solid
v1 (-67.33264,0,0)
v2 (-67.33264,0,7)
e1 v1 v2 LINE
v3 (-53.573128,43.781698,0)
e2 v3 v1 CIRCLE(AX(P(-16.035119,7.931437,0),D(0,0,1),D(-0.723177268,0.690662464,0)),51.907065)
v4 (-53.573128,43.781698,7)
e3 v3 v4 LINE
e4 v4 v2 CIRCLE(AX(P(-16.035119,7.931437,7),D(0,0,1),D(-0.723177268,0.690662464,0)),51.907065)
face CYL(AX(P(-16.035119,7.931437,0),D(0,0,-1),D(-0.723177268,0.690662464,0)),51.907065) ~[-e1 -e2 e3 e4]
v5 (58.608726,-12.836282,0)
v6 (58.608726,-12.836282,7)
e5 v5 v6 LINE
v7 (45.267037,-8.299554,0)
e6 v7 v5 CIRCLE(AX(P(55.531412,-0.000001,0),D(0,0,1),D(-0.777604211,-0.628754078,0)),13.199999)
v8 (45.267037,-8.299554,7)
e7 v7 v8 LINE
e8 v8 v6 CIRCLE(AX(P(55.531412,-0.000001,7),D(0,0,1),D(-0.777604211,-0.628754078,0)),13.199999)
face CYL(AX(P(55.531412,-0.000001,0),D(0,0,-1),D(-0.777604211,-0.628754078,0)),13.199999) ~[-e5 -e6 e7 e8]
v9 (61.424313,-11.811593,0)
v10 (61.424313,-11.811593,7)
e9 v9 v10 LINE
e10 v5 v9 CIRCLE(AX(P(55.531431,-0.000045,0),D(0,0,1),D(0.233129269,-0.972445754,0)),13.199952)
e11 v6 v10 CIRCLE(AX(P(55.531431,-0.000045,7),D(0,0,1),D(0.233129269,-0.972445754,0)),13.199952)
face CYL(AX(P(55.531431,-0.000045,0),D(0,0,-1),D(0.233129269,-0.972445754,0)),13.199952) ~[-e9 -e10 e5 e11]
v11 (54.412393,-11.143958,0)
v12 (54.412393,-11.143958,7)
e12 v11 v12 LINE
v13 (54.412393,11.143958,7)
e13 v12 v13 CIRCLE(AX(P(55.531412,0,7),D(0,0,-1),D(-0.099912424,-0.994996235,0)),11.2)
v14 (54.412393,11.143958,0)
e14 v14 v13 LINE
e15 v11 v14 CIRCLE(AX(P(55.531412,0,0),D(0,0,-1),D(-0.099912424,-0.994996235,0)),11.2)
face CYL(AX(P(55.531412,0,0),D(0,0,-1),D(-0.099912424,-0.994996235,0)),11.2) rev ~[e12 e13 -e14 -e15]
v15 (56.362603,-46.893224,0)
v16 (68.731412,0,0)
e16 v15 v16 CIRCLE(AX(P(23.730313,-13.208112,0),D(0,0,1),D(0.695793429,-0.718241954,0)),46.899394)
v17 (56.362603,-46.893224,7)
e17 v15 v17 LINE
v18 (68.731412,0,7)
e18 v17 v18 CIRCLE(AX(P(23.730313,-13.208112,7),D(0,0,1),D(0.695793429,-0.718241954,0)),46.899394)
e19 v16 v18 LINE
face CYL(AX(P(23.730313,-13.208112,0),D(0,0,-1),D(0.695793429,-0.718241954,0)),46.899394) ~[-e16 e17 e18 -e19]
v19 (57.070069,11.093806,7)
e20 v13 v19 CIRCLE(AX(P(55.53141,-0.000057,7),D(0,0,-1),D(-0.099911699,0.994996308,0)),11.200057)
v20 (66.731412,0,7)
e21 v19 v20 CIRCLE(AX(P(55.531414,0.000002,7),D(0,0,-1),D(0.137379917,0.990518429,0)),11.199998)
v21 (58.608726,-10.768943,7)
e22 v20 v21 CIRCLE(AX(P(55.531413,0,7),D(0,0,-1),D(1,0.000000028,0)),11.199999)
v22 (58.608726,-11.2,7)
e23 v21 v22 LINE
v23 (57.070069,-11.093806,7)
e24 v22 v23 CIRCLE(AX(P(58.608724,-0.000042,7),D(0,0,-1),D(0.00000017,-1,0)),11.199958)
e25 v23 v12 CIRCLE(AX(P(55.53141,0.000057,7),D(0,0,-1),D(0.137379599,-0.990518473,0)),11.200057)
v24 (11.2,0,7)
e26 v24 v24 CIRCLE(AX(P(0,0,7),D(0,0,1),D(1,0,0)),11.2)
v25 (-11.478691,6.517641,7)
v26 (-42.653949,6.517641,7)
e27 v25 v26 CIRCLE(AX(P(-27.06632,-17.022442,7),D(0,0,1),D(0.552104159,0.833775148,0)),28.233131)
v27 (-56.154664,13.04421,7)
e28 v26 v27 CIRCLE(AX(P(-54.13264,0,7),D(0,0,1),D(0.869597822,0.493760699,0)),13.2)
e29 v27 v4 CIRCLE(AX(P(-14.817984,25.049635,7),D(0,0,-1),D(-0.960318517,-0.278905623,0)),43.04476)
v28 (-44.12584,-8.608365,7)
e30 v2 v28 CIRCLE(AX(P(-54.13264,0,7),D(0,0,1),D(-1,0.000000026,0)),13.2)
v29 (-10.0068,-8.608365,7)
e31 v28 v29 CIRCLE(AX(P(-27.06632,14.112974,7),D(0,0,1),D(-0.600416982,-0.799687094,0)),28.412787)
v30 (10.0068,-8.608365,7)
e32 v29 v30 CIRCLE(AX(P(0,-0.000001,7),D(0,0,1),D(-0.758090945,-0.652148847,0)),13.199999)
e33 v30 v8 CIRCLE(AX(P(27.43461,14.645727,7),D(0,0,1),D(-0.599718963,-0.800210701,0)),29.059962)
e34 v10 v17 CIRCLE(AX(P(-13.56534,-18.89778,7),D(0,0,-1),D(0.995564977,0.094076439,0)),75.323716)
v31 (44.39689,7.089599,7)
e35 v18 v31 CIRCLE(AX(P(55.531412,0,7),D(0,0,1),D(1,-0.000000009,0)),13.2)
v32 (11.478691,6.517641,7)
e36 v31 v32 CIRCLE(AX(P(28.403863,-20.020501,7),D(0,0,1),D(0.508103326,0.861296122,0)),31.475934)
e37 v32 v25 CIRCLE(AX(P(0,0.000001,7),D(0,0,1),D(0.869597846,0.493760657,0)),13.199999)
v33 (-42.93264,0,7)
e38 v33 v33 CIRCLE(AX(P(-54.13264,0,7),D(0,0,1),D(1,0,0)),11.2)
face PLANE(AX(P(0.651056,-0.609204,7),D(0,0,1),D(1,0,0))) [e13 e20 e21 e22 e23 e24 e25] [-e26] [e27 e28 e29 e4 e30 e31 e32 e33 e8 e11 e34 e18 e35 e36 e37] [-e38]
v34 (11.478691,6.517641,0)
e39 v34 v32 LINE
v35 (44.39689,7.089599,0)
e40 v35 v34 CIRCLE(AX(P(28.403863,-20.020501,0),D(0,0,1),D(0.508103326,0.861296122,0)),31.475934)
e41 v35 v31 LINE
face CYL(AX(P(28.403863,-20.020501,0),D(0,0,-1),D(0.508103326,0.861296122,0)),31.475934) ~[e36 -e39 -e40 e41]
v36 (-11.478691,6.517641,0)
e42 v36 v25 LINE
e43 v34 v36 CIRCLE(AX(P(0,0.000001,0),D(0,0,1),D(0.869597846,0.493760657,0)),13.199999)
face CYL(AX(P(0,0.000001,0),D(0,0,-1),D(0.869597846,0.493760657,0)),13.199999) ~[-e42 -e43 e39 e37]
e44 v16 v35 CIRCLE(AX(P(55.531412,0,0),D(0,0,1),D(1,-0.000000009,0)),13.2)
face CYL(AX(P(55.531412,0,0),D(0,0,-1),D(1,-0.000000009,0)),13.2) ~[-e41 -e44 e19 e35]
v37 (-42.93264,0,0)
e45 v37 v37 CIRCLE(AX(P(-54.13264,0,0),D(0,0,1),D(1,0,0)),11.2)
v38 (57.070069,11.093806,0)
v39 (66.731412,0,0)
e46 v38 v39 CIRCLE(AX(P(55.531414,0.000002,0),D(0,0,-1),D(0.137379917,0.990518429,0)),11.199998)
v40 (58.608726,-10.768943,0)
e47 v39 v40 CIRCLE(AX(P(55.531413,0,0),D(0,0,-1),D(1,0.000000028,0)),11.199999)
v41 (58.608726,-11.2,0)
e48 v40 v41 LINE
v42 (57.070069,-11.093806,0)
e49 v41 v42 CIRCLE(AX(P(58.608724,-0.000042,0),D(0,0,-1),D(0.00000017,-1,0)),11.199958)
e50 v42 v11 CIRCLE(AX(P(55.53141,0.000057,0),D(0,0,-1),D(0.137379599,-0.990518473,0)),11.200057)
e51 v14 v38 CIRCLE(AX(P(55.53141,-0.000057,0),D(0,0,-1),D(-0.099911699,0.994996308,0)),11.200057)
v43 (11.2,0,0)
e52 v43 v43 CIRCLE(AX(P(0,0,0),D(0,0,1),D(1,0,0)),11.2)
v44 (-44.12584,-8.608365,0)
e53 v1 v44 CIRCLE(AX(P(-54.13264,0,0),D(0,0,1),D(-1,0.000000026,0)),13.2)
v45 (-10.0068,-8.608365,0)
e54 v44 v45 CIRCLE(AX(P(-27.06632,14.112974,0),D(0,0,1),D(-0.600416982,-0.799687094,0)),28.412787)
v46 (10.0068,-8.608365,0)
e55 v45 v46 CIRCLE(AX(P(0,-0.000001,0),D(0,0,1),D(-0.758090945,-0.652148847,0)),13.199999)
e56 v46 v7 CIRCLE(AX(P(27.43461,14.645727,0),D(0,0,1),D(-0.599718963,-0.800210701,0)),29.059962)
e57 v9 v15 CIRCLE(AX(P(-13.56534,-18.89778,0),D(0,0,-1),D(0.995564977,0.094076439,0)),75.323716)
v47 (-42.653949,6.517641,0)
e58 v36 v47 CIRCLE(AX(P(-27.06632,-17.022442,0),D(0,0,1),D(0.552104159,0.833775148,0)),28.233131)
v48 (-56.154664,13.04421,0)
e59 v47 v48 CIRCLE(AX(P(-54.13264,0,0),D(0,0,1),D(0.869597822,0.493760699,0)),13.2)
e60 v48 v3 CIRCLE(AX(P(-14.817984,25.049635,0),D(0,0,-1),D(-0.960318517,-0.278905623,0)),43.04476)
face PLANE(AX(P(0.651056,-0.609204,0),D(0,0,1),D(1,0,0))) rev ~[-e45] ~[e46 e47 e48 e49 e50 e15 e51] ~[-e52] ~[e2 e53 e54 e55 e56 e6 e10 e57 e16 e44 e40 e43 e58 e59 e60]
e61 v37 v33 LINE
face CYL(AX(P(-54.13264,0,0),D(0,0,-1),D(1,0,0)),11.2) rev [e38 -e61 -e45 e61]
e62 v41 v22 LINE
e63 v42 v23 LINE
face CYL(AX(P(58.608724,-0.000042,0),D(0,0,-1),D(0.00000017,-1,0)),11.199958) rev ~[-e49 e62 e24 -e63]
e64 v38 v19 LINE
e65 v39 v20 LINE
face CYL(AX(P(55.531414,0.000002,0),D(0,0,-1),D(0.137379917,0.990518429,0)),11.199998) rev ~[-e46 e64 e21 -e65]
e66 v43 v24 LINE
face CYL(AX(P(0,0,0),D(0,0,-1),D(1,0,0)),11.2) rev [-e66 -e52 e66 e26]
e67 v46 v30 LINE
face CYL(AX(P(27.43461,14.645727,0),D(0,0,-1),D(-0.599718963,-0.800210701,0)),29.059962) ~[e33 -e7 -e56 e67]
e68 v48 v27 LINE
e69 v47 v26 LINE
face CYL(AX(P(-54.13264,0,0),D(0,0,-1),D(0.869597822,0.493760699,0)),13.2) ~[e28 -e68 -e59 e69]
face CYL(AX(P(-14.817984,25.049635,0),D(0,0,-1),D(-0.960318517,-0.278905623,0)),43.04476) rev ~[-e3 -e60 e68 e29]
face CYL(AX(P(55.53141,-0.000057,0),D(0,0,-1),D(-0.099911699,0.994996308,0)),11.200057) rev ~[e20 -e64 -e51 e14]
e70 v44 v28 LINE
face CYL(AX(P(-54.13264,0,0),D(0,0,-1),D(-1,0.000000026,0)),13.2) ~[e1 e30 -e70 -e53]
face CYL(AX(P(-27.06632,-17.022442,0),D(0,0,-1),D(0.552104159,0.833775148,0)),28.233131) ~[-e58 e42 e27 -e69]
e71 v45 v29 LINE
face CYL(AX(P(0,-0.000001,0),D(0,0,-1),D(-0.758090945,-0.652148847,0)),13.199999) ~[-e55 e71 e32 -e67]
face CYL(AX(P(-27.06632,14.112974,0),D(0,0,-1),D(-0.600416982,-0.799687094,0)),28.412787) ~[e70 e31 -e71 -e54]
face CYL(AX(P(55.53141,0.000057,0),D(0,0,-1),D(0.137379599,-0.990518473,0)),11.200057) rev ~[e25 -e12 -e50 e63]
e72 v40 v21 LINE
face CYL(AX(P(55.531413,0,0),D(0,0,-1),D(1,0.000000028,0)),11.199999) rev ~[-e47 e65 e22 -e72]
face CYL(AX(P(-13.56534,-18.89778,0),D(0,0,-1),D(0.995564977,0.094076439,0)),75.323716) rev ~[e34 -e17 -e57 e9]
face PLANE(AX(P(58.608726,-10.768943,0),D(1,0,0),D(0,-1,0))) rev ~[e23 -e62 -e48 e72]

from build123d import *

# Parameters (mm, degrees)
F0_R     = 11.2
F1_DEPTH = 7


with BuildPart() as f1:
    # F0 (on Top) → F1 (new body)
    with BuildSketch(Plane.XY):
        with BuildLine():
            ThreePointArc((44.39689, 7.089599), (27.857047, 11.450683), (11.478691, 6.517641))
            ThreePointArc((11.478691, 6.517641), (0, 13.2), (-11.478691, 6.517641))
            ThreePointArc((-11.478691, 6.517641), (-27.06632, 11.210689), (-42.653949, 6.517641))
            ThreePointArc((-42.653949, 6.517641), (-48.387541, 11.884184), (-56.154664, 13.04421))
            ThreePointArc((-56.154664, 13.04421), (-64.155881, 8.589217), (-67.33264, 0))
            ThreePointArc((-67.33264, 0), (-58.723405, -12.37598), (-44.12584, -8.608365))
            ThreePointArc((-44.12584, -8.608365), (-27.06632, -14.299813), (-10.0068, -8.608365))
            ThreePointArc((-10.0068, -8.608365), (0, -13.2), (10.0068, -8.608365))
            ThreePointArc((10.0068, -8.608365), (27.689109, -14.41312), (45.267037, -8.299554))
            ThreePointArc((45.267037, -8.299554), (51.281831, -12.497242), (58.608726, -12.836282))
            ThreePointArc((58.608726, -12.836282), (60.045688, -12.404085), (61.424313, -11.811593))
            ThreePointArc((61.424313, -11.811593), (66.75697, -6.944556), (68.731412, 0))
            ThreePointArc((68.731412, 0), (59.223587, 12.673115), (44.39689, 7.089599))
        make_face()
        with Locations((-54.13264, 0)):
            Circle(F0_R, mode=Mode.SUBTRACT)
        Circle(F0_R, mode=Mode.SUBTRACT)
        with BuildLine():
            Line((58.608726, -10.768943), (58.608726, -11.2))
            ThreePointArc((58.608726, -11.2), (57.837567, -11.17342), (57.070069, -11.093806))
            ThreePointArc((57.070069, -11.093806), (55.742724, -11.198006), (54.412393, -11.143958))
            ThreePointArc((54.412393, -11.143958), (44.331412, 0), (54.412393, 11.143958))
            ThreePointArc((54.412393, 11.143958), (55.742724, 11.198006), (57.070069, 11.093806))
            ThreePointArc((57.070069, 11.093806), (63.977505, 7.35551), (66.731412, 0))
            ThreePointArc((66.731412, 0), (64.473054, -6.744408), (58.608726, -10.768943))
        make_face(mode=Mode.SUBTRACT)
        with BuildLine():
            ThreePointArc((-67.33264, 0), (-64.155881, 8.589217), (-56.154664, 13.04421))
            ThreePointArc((-56.154664, 13.04421), (-57.711729, 28.652134), (-53.573128, 43.781698))
            ThreePointArc((-53.573128, 43.781698), (-65.554278, 23.494092), (-67.33264, 0))
        make_face()
        with BuildLine():
            ThreePointArc((56.362603, -46.893224), (69.078735, -25.169456), (68.731412, 0))
            ThreePointArc((68.731412, 0), (66.75697, -6.944556), (61.424313, -11.811593))
            ThreePointArc((61.424313, -11.811593), (60.986371, -29.654382), (56.362603, -46.893224))
        make_face()
    extrude(amount=F1_DEPTH)


solid = f1.part
